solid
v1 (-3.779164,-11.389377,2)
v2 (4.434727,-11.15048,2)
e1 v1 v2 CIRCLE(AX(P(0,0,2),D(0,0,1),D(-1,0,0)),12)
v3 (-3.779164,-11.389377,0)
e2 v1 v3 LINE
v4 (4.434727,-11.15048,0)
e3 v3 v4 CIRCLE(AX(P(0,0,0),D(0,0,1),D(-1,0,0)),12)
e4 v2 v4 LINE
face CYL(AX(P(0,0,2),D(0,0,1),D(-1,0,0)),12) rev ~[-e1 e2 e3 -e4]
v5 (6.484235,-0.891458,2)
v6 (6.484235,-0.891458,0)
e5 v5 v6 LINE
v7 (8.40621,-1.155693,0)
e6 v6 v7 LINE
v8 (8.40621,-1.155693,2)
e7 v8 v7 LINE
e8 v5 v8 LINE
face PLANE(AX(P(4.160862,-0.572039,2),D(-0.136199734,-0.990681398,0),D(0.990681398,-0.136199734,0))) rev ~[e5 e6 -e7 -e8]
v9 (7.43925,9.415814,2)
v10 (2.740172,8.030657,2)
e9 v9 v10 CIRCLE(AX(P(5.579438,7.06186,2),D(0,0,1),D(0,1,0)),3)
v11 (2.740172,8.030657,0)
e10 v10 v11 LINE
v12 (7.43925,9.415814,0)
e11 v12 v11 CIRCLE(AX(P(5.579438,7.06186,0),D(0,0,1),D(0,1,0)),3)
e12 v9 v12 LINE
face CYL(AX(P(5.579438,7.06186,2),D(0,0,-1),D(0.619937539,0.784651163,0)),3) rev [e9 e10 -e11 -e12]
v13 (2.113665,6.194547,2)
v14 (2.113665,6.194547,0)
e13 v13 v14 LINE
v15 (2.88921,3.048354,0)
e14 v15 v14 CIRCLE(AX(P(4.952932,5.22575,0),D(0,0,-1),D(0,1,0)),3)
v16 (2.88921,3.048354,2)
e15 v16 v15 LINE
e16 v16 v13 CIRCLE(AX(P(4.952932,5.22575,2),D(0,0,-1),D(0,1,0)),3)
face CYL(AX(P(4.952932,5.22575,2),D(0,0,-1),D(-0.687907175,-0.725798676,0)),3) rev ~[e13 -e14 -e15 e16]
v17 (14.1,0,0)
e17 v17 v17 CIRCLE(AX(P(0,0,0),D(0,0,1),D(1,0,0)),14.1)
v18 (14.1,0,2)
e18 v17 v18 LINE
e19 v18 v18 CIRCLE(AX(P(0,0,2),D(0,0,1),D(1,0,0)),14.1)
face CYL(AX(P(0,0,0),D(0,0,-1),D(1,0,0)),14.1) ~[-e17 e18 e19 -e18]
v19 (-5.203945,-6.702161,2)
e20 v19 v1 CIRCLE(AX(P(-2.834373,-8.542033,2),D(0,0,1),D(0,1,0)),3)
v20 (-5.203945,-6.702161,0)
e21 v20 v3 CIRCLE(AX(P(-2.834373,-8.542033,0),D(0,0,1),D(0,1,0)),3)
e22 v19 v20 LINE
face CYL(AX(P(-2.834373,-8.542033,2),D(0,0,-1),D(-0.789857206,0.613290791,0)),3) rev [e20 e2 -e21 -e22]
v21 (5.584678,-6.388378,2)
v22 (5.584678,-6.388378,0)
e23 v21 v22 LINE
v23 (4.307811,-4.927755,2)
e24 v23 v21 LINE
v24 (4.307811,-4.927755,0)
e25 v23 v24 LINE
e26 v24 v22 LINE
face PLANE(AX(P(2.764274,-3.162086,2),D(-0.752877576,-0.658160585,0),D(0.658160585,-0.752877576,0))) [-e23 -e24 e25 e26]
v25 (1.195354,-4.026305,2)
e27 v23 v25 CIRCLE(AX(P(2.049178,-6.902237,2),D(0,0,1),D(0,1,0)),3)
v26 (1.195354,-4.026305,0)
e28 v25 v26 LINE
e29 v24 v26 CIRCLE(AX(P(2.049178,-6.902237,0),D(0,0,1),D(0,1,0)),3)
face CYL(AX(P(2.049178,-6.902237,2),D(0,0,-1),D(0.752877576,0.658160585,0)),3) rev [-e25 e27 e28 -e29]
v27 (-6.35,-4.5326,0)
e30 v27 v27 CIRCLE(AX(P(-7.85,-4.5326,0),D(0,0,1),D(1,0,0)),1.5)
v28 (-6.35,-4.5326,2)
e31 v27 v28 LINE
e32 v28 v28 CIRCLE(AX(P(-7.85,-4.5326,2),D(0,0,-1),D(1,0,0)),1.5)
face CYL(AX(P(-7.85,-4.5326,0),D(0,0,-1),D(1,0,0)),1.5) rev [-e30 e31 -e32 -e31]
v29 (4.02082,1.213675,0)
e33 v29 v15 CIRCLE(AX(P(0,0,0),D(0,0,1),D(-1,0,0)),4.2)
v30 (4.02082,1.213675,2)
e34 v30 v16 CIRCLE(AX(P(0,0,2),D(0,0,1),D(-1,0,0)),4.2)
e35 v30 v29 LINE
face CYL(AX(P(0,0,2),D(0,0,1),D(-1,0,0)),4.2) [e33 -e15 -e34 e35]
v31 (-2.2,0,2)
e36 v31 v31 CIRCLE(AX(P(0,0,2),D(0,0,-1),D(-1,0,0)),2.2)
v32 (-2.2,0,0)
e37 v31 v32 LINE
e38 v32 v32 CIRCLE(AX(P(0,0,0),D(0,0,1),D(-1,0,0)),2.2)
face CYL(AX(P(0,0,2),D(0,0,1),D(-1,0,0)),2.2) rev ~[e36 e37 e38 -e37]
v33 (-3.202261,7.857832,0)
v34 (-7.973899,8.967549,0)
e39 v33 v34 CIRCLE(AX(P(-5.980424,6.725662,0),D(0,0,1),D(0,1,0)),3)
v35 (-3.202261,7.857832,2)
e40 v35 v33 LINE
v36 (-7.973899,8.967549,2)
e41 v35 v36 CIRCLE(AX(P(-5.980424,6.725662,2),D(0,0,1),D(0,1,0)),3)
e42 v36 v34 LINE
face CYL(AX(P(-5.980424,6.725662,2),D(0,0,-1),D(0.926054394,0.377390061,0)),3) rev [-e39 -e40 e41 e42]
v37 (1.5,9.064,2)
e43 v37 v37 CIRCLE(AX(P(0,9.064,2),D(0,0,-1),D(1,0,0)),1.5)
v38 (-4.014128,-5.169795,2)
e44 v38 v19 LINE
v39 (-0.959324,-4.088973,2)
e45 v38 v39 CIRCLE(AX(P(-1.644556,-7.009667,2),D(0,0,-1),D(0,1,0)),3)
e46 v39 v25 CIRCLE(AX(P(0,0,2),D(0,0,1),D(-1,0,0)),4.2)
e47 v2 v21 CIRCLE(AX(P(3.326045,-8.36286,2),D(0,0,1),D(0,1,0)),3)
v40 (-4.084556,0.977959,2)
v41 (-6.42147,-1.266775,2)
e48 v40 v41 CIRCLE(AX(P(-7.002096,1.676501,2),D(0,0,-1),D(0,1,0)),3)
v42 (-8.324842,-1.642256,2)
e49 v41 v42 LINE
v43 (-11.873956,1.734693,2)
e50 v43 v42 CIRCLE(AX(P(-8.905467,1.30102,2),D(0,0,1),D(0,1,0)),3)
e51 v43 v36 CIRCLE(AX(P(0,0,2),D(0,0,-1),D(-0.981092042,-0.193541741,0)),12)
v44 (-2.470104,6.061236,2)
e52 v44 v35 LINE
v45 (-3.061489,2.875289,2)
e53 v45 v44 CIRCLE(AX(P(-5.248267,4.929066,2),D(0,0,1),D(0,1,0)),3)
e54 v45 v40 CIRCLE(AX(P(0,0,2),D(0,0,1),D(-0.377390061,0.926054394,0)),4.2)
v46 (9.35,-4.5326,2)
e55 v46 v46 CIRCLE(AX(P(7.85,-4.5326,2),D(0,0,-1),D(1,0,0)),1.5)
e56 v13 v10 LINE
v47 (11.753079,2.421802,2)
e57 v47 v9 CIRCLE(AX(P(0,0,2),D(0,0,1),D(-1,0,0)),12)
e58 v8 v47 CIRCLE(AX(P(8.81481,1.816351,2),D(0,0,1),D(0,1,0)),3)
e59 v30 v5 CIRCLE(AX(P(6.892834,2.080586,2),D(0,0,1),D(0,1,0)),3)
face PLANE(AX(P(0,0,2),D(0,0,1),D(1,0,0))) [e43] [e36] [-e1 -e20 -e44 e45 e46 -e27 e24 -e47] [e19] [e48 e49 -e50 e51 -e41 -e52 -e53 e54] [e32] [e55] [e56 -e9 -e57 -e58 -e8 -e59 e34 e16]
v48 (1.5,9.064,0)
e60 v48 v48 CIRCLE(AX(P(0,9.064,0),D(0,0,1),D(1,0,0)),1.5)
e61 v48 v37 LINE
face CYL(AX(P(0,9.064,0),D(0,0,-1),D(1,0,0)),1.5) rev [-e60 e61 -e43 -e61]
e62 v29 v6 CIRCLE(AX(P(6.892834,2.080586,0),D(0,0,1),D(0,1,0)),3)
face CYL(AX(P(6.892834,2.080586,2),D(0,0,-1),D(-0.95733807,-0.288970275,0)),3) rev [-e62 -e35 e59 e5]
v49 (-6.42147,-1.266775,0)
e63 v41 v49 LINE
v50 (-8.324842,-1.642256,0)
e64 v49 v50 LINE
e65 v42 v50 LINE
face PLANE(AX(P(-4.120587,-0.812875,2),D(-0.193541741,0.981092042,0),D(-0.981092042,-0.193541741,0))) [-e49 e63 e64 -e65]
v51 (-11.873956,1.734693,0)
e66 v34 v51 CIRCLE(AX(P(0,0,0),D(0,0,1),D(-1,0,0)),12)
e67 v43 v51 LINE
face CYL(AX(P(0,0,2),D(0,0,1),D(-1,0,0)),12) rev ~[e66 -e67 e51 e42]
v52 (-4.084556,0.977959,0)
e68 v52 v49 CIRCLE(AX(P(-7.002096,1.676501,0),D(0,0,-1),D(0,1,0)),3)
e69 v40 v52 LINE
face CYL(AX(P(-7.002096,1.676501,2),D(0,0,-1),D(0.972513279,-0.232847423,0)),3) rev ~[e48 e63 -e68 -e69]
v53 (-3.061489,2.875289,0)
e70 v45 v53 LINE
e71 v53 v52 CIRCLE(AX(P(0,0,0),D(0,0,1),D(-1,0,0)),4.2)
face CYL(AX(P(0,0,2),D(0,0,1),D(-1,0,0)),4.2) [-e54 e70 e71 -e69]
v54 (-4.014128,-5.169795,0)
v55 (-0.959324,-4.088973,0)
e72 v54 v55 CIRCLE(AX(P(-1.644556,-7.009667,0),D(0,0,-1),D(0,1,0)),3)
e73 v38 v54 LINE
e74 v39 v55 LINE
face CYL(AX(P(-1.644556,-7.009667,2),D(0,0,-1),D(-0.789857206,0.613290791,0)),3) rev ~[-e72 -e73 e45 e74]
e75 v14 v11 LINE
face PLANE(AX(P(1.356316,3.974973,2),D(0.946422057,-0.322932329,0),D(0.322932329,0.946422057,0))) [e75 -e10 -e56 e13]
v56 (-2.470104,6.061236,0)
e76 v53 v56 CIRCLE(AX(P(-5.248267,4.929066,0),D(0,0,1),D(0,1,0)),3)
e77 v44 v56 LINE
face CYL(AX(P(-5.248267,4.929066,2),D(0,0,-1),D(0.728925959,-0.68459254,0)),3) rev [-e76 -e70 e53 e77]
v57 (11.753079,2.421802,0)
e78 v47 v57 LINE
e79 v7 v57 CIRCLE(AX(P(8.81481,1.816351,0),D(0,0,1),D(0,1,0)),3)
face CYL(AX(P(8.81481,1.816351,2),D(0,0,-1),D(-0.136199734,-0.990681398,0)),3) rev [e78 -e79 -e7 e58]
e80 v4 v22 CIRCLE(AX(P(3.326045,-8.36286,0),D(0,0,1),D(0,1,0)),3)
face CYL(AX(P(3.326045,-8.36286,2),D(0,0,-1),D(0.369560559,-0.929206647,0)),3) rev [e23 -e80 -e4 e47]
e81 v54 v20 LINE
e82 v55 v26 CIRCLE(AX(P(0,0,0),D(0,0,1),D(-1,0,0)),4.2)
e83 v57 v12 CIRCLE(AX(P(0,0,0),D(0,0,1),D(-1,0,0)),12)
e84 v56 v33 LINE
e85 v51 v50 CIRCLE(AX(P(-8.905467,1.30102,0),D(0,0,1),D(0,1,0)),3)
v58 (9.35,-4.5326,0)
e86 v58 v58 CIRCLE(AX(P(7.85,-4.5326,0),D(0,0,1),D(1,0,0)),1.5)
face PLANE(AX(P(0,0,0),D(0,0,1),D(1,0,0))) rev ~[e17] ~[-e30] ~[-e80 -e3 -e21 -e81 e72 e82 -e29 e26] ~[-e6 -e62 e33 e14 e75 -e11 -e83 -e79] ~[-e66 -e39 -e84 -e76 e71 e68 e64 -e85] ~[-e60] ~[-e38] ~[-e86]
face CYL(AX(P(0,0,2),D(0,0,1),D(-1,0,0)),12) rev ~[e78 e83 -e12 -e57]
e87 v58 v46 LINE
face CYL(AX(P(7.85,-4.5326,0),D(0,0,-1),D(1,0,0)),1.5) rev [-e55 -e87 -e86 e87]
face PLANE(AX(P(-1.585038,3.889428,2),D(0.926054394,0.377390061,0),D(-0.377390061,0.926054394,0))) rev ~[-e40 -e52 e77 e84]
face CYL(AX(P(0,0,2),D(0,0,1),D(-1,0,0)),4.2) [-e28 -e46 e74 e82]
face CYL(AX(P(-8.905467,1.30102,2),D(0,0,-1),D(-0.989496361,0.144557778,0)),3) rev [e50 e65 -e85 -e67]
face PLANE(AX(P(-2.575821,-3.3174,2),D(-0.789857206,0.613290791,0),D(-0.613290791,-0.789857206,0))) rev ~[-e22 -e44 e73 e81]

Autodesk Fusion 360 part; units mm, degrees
sketch "草图1" plane through (0, 0, 0) normal (0, 0, 1) x (1, 0, 0)
  circle A0 centre (0, 0) radius 14.1
  line L0 (0, 9.064) -> (-7.85, -4.5326)
  line L1 (-7.85, -4.5326) -> (7.85, -4.5326)
  line L2 (7.85, -4.5326) -> (0, 9.064)
  line L3 (0, 9.064) -> (15.7, 9.064) construction
  circle A1 centre (0, 9.064) radius 1.5
  circle A2 centre (-7.85, -4.5326) radius 1.5
  circle A3 centre (7.85, -4.5326) radius 1.5
  point P0 (0, -0.0004)
  dimension "d1" = 28.2
  dimension "d2" = 15.7
  dimension "d3" = 120
  dimension "d4" = 9.064
  dimension "d5" = 3
  dimension "d6" = 3
  dimension "d7" = 3
extrude "拉伸1" add sketch "草图1" along normal blind 2 contours A0 | L0 L1 L2 A1 A2 A3
sketch "草图2" plane through (0, 0, 2) normal (0, 0, 1) x (-1, 0, 0)
  circle A0 centre (7.85, 4.5326) radius 1.5
  circle A1 centre (-7.85, 4.5326) radius 1.5
  circle A2 centre (0, -9.064) radius 1.5
  circle A3 centre (0, 0) radius 14.1
  circle A4 centre (0, 0) radius 2.2
  circle A5 centre (0, 0) radius 12
  circle A6 centre (0, 0) radius 4.2
  line L0 (0, 0) -> (4.5287, -11.1127)
  line L1 (0, 0) -> (11.7731, 2.3225)
  line L2 (0, 0) -> (7.3595, 9.4783)
  line L3 (0, 0) -> (-7.8979, 9.0345)
  line L4 (0, 0) -> (-11.8882, 1.6344)
  line L5 (0, 0) -> (-3.8752, -11.3571)
  dimension "d10" = 4.4
  dimension "d13" = 24
  dimension "d14" = 8.4
  dimension "d16" = 360
extrude "拉伸2" cut sketch "草图2" against normal blind 8 contours A4 L0 L1 | A4 L1 L2 | A4 L0 L5 | A4 L2 L3 | A4 L3 L4 | A4 L4 L5 | A5 A6 L0 L1 | A5 A6 L2 L3 | A5 A6 L4 L5
fillet "圆角1" radius 3 12 edges at (-1.585, 3.8894, 1) (-4.1206, -0.8129, 1) (-2.5758, -3.3174, 1) (2.7643, -3.1621, 1) (4.1609, -0.572, 1) (1.3563, 3.975, 1) (3.8752, 11.3571, 1) (11.8882, -1.6344, 1) (-4.5287, 11.1127, 1) (-11.7731, -2.3225, 1) (-7.3595, -9.4783, 1) (7.8979, -9.0345, 1)
